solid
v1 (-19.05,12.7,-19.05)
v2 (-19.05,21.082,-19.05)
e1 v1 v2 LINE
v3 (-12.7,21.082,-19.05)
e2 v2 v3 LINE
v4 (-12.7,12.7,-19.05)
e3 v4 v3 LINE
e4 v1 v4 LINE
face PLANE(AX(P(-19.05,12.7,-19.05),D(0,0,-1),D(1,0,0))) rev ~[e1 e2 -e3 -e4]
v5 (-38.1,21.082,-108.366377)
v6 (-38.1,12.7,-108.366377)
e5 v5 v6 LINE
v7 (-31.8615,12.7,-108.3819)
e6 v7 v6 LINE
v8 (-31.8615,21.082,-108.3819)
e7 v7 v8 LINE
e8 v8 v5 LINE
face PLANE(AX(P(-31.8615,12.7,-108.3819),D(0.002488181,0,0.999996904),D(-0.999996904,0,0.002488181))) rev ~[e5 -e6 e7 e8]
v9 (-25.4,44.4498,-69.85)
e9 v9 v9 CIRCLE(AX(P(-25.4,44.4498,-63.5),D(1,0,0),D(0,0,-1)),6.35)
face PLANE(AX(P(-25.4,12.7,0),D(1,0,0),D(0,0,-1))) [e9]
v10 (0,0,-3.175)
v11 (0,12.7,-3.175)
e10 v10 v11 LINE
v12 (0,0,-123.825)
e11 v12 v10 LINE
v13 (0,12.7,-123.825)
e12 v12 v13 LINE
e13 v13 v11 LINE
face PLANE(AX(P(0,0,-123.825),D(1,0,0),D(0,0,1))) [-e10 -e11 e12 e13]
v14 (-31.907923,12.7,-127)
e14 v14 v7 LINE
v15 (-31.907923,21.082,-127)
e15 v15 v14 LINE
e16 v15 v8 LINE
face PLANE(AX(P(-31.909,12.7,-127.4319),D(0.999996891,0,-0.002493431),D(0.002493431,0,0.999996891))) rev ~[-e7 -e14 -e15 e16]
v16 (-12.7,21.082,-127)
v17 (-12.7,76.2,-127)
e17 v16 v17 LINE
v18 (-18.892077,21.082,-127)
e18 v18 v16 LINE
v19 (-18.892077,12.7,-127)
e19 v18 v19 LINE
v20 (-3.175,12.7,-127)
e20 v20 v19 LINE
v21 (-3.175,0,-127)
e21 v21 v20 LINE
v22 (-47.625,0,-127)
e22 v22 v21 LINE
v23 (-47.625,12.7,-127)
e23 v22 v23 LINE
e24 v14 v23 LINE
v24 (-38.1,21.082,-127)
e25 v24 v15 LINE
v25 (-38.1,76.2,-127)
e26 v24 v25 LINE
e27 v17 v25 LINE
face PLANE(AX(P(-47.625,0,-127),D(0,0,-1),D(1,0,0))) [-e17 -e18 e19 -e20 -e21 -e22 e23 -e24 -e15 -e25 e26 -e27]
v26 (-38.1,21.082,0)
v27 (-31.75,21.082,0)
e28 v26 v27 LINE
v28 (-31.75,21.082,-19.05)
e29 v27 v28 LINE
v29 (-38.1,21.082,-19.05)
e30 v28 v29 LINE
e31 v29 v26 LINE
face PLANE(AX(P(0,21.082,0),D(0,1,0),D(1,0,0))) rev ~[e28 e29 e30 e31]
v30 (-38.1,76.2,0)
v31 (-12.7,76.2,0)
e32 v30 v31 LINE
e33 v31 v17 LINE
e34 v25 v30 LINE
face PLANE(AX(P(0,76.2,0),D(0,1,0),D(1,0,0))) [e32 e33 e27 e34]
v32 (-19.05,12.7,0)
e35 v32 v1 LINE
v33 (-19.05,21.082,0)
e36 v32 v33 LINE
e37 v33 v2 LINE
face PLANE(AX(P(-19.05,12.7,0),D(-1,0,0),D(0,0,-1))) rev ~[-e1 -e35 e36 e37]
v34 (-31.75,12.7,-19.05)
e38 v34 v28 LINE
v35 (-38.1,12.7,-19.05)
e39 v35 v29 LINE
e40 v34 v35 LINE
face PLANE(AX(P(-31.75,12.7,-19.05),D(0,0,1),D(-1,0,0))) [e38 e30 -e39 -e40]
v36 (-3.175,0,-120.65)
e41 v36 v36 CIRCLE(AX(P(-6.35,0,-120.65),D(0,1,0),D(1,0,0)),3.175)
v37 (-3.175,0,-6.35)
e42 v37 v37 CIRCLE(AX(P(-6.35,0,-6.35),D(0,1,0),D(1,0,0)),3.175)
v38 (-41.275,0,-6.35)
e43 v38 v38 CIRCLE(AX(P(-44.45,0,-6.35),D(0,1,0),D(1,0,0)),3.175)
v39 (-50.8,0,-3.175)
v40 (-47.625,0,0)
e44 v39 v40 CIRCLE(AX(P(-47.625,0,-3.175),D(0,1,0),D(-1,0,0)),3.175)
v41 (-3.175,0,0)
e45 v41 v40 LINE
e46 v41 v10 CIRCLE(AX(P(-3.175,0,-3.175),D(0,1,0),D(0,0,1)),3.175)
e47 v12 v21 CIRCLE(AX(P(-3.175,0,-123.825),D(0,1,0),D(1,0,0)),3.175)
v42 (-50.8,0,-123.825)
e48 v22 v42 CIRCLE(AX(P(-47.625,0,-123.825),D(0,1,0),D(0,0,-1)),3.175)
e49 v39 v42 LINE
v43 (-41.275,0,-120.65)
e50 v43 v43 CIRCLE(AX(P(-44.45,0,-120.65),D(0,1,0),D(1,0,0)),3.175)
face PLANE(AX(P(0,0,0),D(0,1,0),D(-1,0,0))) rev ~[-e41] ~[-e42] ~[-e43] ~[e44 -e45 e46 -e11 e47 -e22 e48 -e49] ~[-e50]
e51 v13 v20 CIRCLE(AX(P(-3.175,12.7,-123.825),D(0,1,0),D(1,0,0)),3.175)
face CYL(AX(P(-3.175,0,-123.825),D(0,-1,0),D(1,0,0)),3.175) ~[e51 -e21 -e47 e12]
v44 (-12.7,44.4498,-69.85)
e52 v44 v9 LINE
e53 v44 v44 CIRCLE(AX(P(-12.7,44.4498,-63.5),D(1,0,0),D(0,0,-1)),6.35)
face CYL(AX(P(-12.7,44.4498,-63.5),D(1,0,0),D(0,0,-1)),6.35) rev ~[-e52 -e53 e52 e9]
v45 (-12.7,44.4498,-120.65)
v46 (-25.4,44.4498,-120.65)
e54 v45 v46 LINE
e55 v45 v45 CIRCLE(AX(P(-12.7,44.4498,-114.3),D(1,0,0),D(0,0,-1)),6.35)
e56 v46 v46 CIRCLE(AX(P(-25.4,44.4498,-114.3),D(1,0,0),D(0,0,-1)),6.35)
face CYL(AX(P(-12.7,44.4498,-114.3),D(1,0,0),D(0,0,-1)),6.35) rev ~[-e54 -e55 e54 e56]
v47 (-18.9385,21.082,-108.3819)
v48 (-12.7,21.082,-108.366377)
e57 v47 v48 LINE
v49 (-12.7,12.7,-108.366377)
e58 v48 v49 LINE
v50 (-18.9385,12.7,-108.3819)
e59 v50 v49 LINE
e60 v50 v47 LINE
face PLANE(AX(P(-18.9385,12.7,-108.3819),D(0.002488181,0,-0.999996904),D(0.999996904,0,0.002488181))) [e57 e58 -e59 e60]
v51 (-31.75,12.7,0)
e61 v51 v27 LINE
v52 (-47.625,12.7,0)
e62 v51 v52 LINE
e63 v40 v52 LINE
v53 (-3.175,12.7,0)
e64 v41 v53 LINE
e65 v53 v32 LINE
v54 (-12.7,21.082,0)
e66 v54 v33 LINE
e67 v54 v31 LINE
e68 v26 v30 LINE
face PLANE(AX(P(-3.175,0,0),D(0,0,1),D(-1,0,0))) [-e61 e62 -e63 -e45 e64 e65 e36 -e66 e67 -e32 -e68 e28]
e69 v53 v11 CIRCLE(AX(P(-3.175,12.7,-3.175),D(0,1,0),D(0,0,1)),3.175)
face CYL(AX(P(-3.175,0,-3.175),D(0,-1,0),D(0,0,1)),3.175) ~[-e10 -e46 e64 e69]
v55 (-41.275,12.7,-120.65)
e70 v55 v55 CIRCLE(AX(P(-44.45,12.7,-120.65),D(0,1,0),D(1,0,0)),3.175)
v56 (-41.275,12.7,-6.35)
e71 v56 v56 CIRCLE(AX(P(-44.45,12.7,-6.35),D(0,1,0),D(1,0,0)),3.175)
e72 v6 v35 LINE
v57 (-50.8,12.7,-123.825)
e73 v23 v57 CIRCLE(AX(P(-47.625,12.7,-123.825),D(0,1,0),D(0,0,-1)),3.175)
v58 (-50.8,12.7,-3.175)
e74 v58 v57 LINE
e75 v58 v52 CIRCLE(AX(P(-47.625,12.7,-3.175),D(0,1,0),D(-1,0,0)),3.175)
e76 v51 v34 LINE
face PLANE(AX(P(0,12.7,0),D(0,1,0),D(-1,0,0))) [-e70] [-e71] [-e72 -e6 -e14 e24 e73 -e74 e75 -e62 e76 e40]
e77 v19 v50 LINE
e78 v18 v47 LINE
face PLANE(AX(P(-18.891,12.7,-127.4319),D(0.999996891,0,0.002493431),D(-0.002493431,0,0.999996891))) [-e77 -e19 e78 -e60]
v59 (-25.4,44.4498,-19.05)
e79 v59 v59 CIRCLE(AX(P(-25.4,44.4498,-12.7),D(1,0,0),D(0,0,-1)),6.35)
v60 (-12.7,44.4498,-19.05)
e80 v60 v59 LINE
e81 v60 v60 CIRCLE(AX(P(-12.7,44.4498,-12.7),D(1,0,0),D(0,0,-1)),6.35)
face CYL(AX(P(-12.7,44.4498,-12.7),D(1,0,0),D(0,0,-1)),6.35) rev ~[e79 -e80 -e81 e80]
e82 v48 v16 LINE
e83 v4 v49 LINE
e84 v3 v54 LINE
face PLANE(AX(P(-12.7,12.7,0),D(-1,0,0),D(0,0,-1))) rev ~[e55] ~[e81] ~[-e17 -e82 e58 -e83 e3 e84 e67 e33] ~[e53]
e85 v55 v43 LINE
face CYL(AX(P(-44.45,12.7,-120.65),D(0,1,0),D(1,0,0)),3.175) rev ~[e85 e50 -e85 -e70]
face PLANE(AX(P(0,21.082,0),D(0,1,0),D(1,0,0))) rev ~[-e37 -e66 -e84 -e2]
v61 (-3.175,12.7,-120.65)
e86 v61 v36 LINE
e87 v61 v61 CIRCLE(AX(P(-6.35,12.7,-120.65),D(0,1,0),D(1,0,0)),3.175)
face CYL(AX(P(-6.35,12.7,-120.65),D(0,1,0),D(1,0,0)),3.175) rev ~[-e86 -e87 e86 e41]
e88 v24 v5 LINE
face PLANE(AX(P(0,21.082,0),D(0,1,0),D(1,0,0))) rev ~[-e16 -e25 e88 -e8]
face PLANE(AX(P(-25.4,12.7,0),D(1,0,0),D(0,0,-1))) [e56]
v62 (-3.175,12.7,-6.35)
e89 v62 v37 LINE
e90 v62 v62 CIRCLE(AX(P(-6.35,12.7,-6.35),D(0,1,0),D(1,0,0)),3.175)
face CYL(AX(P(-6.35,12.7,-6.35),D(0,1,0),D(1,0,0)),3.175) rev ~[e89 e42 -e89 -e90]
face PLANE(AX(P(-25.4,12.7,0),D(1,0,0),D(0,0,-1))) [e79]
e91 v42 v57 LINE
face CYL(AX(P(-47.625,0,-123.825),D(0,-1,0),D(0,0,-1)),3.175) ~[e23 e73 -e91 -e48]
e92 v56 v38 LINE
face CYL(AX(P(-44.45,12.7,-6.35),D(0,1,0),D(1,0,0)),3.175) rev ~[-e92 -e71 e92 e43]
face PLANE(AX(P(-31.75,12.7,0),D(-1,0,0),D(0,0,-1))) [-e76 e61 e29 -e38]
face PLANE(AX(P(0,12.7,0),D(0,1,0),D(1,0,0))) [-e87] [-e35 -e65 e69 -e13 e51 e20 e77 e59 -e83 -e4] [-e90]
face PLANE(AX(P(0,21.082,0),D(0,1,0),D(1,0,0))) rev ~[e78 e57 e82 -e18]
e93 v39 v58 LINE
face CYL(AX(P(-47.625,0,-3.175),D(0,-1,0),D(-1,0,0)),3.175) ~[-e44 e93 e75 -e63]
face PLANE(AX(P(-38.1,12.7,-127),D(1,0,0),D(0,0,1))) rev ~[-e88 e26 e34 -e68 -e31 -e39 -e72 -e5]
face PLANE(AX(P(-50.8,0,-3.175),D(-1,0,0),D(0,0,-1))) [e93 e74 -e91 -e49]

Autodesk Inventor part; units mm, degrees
ref_plane "YZ Plane" through (0, 0, 0) normal (1, 0, 0) x (0, 1, 0)
ref_plane "XZ Plane" through (0, 0, 0) normal (0, 1, 0) x (-1, 0, 0)
ref_plane "XY Plane" through (0, 0, 0) normal (0, 0, 1) x (1, 0, 0)
sketch "Sketch1" plane through (0, 0, 0) normal (0, 1, 0) x (-1, 0, 0)
  line L0 (3.175, 0) -> (47.625, 0)
  line L1 (50.8, -3.175) -> (50.8, -123.825)
  line L2 (47.625, -127) -> (3.175, -127)
  line L3 (0, -123.825) -> (0, -3.175)
  arc A0 (50.8, -3.175) -> (47.625, 0) centre (47.625, -3.175) ccw
  arc A1 (3.175, 0) -> (0, -3.175) centre (3.175, -3.175) ccw
  arc A2 (0, -123.825) -> (3.175, -127) centre (3.175, -123.825) ccw
  arc A3 (47.625, -127) -> (50.8, -123.825) centre (47.625, -123.825) ccw
  point P0 (0, 0)
  point P1 (50.8, -127)
  point P2 (50.8, 0)
  point P3 (0, -127)
  dimension "d0" = 50.8
  dimension "d1" = 127
  dimension "d4" = 3.175
extrude "Extrusion1" add sketch "Sketch1" along normal blind 12.7
sketch "Sketch2" plane through (0, 12.7, 0) normal (0, 1, 0) x (1, 0, 0)
  line L0 (0, 0) -> (-6.35, 0) construction
  line L1 (-6.35, 0) -> (-6.35, 6.35) construction
  line L2 (-6.35, 6.35) -> (0, 6.35) construction
  line L3 (0, 6.35) -> (0, 0) construction
  circle A0 centre (-6.35, 6.35) radius 3.175
  line L4 (0, 3.175) -> (0, 123.825) construction
  line L5 (0, 63.5) -> (-50.8802, 63.5) construction
  line L6 (-50.8802, 63.5) -> (-25.4, 127) construction
  line L7 (-3.175, 127) -> (-47.625, 127) construction
  line L8 (-25.4, 127) -> (-25.4, 0) construction
  line L9 (-47.625, 0) -> (-3.175, 0) construction
  circle A1 centre (-6.35, 120.65) radius 3.175
  circle A2 centre (-44.45, 6.35) radius 3.175
  circle A3 centre (-44.45, 120.65) radius 3.175
  dimension "d5" = 6.35
  dimension "d6" = 6.35
  dimension "d7" = 6.35
extrude "Extrusion2" cut sketch "Sketch2" against normal through all
sketch "Sketch3" plane through (0, 12.7, 0) normal (0, 1, 0) x (1, 0, 0)
  line L0 (0, 0) -> (-12.7, 0) construction
  line L1 (0, 0) -> (12.7, 0) construction
  line L2 (-47.625, 0) -> (-3.175, 0) construction
  line L3 (-25.4, 0) -> (-25.4, 127) construction
  line L4 (-3.175, 127) -> (-47.625, 127) construction
  line L5 (-50.8, 0) -> (-38.1, 0) construction
  line L6 (-38.1, 0) -> (-12.7, 0)
  line L7 (-12.7, 0) -> (-12.7, 127)
  line L8 (-12.7, 127) -> (-38.1, 127)
  line L9 (-38.1, 127) -> (-38.1, 0)
  dimension "d14" = 12.7
  dimension "d15" = 180
  dimension "d36" = 25.4
extrude "Extrusion3" add sketch "Sketch3" along normal blind 63.5
sketch "Sketch5" plane through (-12.7, 12.7, 0) normal (1, 0, 0) x (0, 0, -1)
  line L0 (0, 63.5) -> (127, 63.5) construction
  line L1 (63.5, 63.5) -> (63.5, 0) construction
  line L2 (123.825, 0) -> (3.175, 0) construction
  line L3 (127, 0) -> (127, 63.5) construction
  circle A0 centre (63.5, 31.7498) radius 6.35
  circle A1 centre (12.7, 31.7498) radius 6.35
  circle A2 centre (114.3, 31.7498) radius 6.35
  line L4 (0, 0) -> (0, 63.5) construction
  line L5 (0, 31.75) -> (127, 31.75) construction
  point P0 (0, -12.7)
  dimension "d24" = 12.7
  dimension "d27" = 12.7
  dimension "d37" = 50.8
  dimension "d38" = 50.8
extrude "Extrusion5" cut sketch "Sketch5" against normal blind 12.7
sketch "Sketch6" plane through (0, 12.7, 0) normal (0, 1, 0) x (1, 0, 0)
  line L0 (-12.7, 0) -> (-19.05, 0)
  line L1 (-19.05, 0) -> (-19.05, 19.05)
  line L2 (-19.05, 19.05) -> (-12.7, 19.05)
  line L3 (-12.7, 19.05) -> (-12.7, 0)
  line L4 (-38.1, 127) -> (-38.1, 0) construction
  line L5 (-38.4604, 63.7403) -> (-13.0604, 63.7086) construction
  line L6 (-12.7, 69.85) -> (-12.7, 57.15) construction
  line L7 (-12.541, 127.416) -> (-18.891, 127.4319)
  line L8 (-18.891, 127.4319) -> (-18.9385, 108.3819)
  line L9 (-18.9385, 108.3819) -> (-12.5885, 108.3661)
  line L10 (-12.5885, 108.3661) -> (-12.541, 127.416)
  line L11 (-47.625, 0) -> (-3.175, 0) construction
  line L12 (-25.4, 0) -> (-25.4, 127) construction
  line L13 (-3.175, 127) -> (-47.625, 127) construction
  line L14 (-38.1, 0) -> (-31.75, 0)
  line L15 (-31.75, 0) -> (-31.75, 19.05)
  line L16 (-31.75, 19.05) -> (-38.1, 19.05)
  line L17 (-38.1, 19.05) -> (-38.1, 0)
  line L18 (-38.1, 69.85) -> (-38.1, 57.15) construction
  line L19 (-38.259, 127.416) -> (-31.909, 127.4319)
  line L20 (-31.909, 127.4319) -> (-31.8615, 108.3819)
  line L21 (-31.8615, 108.3819) -> (-38.2115, 108.3661)
  line L22 (-38.2115, 108.3661) -> (-38.259, 127.416)
  line L23 (-47.625, 0) -> (-2.456, 0) construction
  point P0 (0, 0)
  point P1 (-37.7396, 63.7086)
  point P2 (-38.1, 69.85)
  point P3 (-38.1, 57.15)
  dimension "d30" = 6.35
  dimension "d31" = 19.05
extrude "Extrusion6" cut sketch "Sketch6" along normal blind 8.382
sketch "Sketch7" plane through (0, 0, 0) normal (0, -1, 0) x (1, 0, 0)
  line L0 (-3.175, 0) -> (-47.625, 0) construction
  line L1 (-50.8, -3.175) -> (-50.8, -123.825) construction
  line L2 (-47.625, -127) -> (-3.175, -127) construction
  line L3 (0, -123.825) -> (0, -3.175) construction
  circle A0 centre (-44.45, -6.35) radius 3.175 construction
  circle A1 centre (-44.45, -6.35) radius 3.175 construction
  circle A2 centre (-6.35, -6.35) radius 3.175 construction
  circle A3 centre (-6.35, -6.35) radius 3.175 construction
  circle A4 centre (-44.45, -120.65) radius 3.175 construction
  circle A5 centre (-44.45, -120.65) radius 3.175 construction
  circle A6 centre (-6.35, -120.65) radius 3.175 construction
  arc A7 (-47.625, 0) -> (-50.8, -3.175) centre (-47.625, -3.175) ccw construction
  arc A8 (0, -3.175) -> (-3.175, 0) centre (-3.175, -3.175) ccw construction
  arc A9 (-3.175, -127) -> (0, -123.825) centre (-3.175, -123.825) ccw construction
  arc A10 (-50.8, -123.825) -> (-47.625, -127) centre (-47.625, -123.825) ccw construction
  point P0 (0, 0)
  dimension "d39" = 3.175
properties part number "Far Gantry Bracket"
